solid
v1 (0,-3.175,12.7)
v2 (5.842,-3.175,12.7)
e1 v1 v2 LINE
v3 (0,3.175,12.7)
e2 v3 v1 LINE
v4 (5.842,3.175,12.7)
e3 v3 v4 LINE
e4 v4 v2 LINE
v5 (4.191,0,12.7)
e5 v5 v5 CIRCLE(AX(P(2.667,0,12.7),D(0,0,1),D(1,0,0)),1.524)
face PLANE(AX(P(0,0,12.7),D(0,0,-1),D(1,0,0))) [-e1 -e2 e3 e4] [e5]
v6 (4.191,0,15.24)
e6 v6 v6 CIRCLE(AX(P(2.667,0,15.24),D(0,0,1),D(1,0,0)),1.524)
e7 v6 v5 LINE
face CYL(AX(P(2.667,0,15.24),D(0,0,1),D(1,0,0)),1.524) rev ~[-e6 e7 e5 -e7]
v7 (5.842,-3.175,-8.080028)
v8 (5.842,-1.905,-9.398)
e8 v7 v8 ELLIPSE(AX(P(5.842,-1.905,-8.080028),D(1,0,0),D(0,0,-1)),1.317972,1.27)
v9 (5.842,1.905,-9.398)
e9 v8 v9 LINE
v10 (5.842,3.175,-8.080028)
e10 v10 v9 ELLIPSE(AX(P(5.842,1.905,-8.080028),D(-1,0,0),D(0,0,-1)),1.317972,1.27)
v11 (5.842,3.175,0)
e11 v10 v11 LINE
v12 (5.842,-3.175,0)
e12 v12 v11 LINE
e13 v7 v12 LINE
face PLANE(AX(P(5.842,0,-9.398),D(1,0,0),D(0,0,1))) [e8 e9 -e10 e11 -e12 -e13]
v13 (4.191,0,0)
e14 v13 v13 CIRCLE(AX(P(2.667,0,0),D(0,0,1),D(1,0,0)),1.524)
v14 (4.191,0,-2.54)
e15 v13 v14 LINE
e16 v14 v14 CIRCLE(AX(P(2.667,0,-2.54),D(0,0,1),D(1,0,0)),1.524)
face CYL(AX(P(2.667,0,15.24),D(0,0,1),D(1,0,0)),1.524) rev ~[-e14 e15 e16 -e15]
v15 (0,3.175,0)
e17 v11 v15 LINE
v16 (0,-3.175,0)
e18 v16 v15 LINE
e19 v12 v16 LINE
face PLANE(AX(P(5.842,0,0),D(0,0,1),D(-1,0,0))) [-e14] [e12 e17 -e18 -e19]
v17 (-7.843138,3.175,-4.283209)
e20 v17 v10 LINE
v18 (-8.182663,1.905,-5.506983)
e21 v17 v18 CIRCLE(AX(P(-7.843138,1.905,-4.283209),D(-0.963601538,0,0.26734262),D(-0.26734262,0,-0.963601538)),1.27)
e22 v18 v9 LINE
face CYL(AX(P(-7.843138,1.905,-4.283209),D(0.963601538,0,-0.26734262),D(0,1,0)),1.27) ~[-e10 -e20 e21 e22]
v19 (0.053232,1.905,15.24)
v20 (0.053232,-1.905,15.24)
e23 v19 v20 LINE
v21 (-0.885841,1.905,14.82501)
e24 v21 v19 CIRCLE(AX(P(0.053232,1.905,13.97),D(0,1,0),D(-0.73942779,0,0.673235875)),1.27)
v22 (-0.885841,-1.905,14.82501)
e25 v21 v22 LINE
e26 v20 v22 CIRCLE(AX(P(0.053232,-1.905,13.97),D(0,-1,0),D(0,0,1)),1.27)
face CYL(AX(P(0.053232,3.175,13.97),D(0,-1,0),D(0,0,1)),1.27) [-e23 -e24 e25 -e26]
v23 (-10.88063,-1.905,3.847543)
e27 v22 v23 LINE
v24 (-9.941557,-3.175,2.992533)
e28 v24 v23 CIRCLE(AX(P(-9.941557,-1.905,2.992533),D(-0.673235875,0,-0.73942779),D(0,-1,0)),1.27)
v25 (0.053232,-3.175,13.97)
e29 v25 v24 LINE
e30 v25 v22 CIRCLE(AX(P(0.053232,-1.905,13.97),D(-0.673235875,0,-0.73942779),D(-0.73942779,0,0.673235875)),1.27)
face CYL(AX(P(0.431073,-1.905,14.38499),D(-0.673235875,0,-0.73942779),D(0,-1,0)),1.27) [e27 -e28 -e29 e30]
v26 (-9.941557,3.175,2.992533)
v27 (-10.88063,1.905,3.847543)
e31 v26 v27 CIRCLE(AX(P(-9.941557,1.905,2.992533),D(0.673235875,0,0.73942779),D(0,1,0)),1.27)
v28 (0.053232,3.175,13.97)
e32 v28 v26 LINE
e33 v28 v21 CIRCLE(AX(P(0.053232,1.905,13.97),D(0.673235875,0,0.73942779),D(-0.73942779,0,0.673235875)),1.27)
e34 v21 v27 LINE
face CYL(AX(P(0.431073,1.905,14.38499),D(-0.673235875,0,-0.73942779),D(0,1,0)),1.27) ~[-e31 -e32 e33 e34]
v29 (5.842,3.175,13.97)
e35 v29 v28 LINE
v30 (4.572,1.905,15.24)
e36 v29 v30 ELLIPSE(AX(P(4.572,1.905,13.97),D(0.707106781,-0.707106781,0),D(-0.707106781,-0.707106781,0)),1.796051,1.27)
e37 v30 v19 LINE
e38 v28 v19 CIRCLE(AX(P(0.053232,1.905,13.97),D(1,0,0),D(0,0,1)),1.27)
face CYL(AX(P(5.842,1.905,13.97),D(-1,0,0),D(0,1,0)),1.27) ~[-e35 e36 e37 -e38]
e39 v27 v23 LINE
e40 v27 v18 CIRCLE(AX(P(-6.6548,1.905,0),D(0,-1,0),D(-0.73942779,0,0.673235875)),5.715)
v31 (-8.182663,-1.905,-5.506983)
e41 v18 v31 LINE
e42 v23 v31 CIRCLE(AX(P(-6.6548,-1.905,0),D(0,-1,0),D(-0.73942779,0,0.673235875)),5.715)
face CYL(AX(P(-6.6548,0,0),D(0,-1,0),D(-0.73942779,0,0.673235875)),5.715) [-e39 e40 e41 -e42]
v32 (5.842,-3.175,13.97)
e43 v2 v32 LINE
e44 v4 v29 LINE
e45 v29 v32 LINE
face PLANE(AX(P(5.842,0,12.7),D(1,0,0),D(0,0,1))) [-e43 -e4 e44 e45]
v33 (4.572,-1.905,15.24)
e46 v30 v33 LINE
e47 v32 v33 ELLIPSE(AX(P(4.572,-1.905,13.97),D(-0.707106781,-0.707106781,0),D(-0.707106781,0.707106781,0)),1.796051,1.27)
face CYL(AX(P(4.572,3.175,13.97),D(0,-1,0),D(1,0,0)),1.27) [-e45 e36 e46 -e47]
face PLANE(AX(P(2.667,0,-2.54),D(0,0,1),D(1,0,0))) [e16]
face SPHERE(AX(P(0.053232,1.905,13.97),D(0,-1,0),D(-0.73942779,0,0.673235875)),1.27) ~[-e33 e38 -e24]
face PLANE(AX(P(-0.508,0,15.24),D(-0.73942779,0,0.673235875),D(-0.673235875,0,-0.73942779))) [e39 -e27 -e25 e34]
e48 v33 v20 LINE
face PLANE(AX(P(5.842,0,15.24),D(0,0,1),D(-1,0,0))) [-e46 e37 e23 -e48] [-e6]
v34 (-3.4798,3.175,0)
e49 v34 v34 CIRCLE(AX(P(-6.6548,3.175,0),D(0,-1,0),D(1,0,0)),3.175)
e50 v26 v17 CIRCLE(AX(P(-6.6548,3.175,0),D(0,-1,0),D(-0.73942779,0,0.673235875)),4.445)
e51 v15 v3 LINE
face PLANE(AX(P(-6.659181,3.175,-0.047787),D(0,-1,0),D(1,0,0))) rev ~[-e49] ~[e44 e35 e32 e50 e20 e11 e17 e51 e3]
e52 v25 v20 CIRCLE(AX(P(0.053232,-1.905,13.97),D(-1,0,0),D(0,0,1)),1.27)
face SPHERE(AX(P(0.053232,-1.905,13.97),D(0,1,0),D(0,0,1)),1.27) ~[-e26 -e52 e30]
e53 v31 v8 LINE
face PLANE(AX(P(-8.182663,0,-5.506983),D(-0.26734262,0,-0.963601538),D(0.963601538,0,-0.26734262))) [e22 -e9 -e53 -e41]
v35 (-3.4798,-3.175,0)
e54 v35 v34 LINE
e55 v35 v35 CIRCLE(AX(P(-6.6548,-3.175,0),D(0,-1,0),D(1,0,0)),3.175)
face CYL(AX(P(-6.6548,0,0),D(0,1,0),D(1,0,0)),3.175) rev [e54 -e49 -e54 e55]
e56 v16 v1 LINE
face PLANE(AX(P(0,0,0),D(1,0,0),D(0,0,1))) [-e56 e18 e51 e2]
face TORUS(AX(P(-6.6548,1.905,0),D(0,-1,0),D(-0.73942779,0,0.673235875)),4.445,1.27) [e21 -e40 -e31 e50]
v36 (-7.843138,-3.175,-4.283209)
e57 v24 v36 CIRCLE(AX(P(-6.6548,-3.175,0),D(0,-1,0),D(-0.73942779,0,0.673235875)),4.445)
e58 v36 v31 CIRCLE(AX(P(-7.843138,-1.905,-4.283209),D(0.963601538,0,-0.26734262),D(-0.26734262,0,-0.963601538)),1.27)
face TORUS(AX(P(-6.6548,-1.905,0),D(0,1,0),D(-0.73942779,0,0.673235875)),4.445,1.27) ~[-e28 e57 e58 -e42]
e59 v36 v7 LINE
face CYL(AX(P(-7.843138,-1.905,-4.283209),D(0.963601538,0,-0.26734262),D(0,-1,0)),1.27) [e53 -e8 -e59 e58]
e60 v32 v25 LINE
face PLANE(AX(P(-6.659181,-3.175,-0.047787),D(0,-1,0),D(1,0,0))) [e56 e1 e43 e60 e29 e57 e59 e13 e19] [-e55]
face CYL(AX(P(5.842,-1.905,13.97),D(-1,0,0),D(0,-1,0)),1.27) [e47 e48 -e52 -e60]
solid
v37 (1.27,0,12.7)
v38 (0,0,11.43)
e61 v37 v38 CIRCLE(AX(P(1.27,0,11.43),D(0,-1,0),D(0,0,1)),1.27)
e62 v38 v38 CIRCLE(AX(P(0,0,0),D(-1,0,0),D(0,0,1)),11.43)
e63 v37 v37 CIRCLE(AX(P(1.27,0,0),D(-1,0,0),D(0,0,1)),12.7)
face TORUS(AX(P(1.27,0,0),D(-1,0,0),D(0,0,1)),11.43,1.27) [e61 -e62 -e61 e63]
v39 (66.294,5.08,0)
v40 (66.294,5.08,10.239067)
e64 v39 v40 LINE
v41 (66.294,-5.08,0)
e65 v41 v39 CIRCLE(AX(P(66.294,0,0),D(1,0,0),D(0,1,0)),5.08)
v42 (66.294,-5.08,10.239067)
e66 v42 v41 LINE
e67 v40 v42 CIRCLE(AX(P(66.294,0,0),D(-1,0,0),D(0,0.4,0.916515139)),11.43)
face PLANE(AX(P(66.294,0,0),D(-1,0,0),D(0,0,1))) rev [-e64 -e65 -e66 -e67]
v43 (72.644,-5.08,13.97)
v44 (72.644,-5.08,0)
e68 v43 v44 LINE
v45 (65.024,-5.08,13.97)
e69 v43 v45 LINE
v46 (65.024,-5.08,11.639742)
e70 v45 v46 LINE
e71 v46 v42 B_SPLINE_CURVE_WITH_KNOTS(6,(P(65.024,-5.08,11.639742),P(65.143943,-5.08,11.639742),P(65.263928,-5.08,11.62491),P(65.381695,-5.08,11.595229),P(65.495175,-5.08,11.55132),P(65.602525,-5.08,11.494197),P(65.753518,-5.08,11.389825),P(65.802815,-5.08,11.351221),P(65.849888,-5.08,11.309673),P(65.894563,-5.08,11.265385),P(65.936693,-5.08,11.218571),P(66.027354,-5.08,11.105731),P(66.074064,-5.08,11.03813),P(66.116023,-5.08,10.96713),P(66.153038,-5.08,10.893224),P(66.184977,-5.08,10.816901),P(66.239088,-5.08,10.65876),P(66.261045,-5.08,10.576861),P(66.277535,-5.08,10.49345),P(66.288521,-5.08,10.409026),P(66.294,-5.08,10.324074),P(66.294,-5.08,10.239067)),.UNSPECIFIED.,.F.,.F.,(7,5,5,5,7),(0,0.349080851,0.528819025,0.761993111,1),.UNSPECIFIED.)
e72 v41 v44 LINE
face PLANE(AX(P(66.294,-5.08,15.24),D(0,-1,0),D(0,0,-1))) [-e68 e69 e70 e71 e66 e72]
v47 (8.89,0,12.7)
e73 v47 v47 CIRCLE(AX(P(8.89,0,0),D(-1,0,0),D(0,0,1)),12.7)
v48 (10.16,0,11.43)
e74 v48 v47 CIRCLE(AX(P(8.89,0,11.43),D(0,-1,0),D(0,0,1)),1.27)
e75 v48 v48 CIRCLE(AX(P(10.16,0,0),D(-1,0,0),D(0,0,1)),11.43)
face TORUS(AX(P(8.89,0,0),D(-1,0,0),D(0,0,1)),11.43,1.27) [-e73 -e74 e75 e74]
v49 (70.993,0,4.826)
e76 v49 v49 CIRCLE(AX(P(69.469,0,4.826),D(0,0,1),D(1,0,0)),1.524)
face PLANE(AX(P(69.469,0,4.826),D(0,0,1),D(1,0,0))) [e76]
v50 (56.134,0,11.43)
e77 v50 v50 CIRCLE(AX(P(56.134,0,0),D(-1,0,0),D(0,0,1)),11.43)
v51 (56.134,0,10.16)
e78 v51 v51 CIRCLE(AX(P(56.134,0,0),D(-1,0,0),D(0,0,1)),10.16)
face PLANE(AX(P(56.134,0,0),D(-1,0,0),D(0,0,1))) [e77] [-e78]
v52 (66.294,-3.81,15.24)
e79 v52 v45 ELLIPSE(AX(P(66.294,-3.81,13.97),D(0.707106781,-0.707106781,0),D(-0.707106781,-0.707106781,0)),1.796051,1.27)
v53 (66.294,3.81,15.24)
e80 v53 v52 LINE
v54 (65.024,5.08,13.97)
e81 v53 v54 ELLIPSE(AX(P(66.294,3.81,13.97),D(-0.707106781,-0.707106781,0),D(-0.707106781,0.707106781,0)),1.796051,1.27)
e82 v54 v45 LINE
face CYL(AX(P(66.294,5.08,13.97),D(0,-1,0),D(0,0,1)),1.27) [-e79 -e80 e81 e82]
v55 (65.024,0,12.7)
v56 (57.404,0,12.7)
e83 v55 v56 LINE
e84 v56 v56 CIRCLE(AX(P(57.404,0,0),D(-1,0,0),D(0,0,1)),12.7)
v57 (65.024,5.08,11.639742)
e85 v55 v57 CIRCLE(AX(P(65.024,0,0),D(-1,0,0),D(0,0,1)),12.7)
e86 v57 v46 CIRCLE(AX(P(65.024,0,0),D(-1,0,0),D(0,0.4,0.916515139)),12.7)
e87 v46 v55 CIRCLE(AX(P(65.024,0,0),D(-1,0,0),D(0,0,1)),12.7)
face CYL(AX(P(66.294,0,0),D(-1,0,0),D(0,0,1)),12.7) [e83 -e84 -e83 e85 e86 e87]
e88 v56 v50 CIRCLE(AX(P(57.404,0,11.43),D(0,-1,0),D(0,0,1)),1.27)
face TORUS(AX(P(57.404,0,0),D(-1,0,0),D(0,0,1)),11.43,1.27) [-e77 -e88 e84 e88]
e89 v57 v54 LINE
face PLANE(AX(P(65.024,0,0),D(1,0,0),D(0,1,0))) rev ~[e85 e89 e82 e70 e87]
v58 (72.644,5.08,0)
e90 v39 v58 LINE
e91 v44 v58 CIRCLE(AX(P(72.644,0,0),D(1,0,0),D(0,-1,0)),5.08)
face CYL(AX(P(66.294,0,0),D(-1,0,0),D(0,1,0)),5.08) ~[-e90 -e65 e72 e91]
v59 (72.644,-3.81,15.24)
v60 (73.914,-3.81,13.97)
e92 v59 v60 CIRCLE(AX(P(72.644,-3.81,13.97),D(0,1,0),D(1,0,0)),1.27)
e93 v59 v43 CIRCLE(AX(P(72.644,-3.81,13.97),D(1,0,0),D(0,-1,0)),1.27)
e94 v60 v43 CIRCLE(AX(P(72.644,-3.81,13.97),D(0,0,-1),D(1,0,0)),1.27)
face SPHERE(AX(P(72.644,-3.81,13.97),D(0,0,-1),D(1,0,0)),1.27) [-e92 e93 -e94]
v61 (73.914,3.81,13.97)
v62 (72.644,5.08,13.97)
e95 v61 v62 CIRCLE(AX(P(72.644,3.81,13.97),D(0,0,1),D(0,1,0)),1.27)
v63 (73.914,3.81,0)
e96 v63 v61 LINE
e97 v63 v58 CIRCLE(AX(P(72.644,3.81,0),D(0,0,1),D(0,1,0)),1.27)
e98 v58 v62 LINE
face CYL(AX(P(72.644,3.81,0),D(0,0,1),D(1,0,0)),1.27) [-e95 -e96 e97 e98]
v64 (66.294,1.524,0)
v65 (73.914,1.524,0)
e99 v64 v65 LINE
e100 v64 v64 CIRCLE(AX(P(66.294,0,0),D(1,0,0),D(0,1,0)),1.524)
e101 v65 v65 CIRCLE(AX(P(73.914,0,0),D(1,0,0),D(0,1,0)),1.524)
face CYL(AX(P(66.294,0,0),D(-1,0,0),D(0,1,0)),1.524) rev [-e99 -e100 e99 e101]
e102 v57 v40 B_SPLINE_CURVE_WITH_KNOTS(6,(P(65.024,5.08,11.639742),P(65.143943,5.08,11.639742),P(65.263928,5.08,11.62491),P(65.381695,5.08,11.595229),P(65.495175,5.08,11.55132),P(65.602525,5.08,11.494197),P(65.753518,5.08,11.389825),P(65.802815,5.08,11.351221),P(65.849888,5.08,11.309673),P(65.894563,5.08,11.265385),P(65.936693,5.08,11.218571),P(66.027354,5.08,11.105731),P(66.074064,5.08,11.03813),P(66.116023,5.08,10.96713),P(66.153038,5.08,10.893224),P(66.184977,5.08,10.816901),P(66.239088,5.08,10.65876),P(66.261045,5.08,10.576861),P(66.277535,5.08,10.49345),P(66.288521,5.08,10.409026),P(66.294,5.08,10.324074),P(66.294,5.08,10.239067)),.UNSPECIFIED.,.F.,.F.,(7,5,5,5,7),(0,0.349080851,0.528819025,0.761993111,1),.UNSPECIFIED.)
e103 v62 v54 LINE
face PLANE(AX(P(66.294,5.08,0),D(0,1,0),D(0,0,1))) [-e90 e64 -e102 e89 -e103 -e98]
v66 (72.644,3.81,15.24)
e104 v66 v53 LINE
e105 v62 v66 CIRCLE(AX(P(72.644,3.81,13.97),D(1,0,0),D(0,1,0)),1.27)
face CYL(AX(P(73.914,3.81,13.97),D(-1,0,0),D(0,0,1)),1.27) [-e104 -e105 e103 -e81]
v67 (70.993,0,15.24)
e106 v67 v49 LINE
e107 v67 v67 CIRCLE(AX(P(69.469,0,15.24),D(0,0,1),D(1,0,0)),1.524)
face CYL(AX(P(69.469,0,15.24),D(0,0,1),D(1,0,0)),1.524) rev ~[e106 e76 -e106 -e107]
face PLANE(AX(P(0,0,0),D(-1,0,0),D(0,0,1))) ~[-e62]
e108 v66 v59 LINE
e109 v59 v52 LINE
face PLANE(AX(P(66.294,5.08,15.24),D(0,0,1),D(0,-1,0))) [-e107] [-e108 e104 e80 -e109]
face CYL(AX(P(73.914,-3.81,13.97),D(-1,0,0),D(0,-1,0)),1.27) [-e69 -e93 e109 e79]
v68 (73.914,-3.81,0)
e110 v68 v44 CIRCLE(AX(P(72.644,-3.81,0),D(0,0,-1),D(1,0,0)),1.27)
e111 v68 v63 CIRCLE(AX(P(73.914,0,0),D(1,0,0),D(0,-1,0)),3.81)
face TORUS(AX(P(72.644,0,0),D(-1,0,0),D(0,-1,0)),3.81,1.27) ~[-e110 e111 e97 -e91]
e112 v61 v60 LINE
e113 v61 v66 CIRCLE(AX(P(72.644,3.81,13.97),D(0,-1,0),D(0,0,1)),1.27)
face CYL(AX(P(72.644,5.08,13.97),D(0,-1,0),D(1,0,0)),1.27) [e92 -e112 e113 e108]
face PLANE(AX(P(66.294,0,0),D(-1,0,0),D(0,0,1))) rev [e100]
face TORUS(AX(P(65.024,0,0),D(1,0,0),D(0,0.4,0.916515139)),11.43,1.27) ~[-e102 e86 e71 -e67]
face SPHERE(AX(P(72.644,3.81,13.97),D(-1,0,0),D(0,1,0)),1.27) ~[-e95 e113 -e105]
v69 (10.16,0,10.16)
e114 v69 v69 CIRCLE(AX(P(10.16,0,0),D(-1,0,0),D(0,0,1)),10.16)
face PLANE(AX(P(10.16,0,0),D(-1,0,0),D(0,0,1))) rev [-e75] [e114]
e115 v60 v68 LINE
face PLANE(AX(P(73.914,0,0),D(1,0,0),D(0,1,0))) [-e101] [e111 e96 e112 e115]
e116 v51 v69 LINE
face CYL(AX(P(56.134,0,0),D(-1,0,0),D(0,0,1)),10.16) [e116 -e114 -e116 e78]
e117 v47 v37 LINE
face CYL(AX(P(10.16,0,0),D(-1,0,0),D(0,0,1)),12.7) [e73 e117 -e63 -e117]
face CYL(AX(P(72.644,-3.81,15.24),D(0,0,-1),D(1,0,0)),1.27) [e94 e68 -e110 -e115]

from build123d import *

# Parameters (mm, degrees)
F0_W          = 5.842
F0_H          = 12.7
F0_R          = 3.175
F2_DEPTH      = 3.175
F3_R          = 1.524
F4_DEPTH      = 7.62
F4_DEPTH_BACK = 1.27
F5_R          = 1.524
F6_DEPTH      = 10.414
F7_R          = 1.524
F8_DEPTH      = 17.78
F9_R          = 1.27
F9_2_R        = 1.27


with BuildPart() as f1:
    # F0 (on Front) → F1 (revolve)
    with BuildSketch(Plane.XZ):
        Polygon((5.842, 12.7), (5.842, 0), (66.294, 0), (66.294, 12.7), (56.134, 12.7), (56.134, 10.16), (10.16, 10.16), (10.16, 12.7), align=None)
        with Locations((2.921, 6.35)):
            Rectangle(F0_W, F0_H)
    revolve(axis=Axis((33.147, 0, 0), (-1, 0, 0)))

    # F3 (on face) → F4 (join, two sides)
    with BuildSketch(Plane.YZ.offset(66.294)) as f4_sk:
        with BuildLine():
            ThreePointArc((-5.08, 0), (0, -5.08), (5.08, 0))
            ThreePointArc((5.08, 0), (0, 5.08), (-5.08, 0))
        make_face()
        Circle(F3_R, mode=Mode.SUBTRACT)
        with BuildLine():
            ThreePointArc((-5.08, 0), (0, 5.08), (5.08, 0))
            Line((5.08, 0), (5.08, 15.24))
            Line((5.08, 15.24), (-5.08, 15.24))
            Line((-5.08, 15.24), (-5.08, 0))
        make_face()
    extrude(amount=F4_DEPTH)
    extrude(f4_sk.sketch, amount=-F4_DEPTH_BACK)

    # F5 (on face) → F6 (cut)
    with BuildSketch(Plane.XY.offset(15.24)):
        with Locations((69.469, 0)):
            Circle(F5_R)
    extrude(amount=-F6_DEPTH, mode=Mode.SUBTRACT)

    # F9#2
    f9_2_edges = [f1.edges().sort_by_distance(p)[0] for p in [
        (0, 0, -12.7),
        (10.16, 0, -12.7),
        (56.134, 0, -12.7),
        (66.294, 0, -12.7),
        (69.469, 5.08, 15.24),
        (65.024, 0, 15.24),
        (73.914, 5.08, 7.62),
        (73.914, 0, 15.24),
        (69.469, -5.08, 15.24),
    ]]
    fillet(f9_2_edges, radius=F9_2_R)


with BuildPart() as f2:
    # F0 (on Front) → F2 (new body, symmetric)
    with BuildSketch(Plane.XZ):
        with BuildLine():
            ThreePointArc((-8.1826630726, -5.5069827884), (-3.1957909266, -4.5493385486), (-0.9398, 0))
            ThreePointArc((-0.9398, 0), (-4.5919612295, 5.3297205562), (-10.8806298187, 3.8475430269))
            ThreePointArc((-10.8806298187, 3.8475430269), (-12.1459778134, -1.5837270034), (-8.1826630726, -5.5069827884))
        make_face()
        with Locations((-6.6548, 0)):
            Circle(F0_R, mode=Mode.SUBTRACT)
        with BuildLine():
            Line((-0.9398, 0), (0, 0))
            Line((0, 0), (0, 12.7))
            Line((0, 12.7), (5.842, 12.7))
            Line((5.842, 12.7), (5.842, 15.24))
            Line((5.842, 15.24), (-0.508, 15.24))
            Line((-0.508, 15.24), (-10.8806298187, 3.8475430269))
            ThreePointArc((-10.8806298187, 3.8475430269), (-4.5919612295, 5.3297205562), (-0.9398, 0))
        make_face()
        with BuildLine():
            Line((5.842, 0), (0, 0))
            Line((0, 0), (-0.9398, 0))
            ThreePointArc((-0.9398, 0), (-3.1957909266, -4.5493385486), (-8.1826630726, -5.5069827884))
            Line((-8.1826630726, -5.5069827884), (5.842, -9.398))
            Line((5.842, -9.398), (5.842, 0))
        make_face()
    extrude(amount=F2_DEPTH, both=True)

    # F7 (on face) → F8 (cut)
    with BuildSketch(Plane.XY.offset(15.24)):
        with Locations((2.667, 0)):
            Circle(F7_R)
    extrude(amount=-F8_DEPTH, mode=Mode.SUBTRACT)

    # F9
    f9_edges = [f2.edges().sort_by_distance(p)[0] for p in [
        (-5.694315, 3.175, 9.543772),
        (2.667, 3.175, 15.24),
        (-0.508, 0, 15.24),
        (2.667, -3.175, 15.24),
        (5.842, 0, 15.24),
        (-5.694315, -3.175, 9.543772),
    ]]
    fillet(f9_edges, radius=F9_R)


solid = Compound([f1.part, f2.part])
